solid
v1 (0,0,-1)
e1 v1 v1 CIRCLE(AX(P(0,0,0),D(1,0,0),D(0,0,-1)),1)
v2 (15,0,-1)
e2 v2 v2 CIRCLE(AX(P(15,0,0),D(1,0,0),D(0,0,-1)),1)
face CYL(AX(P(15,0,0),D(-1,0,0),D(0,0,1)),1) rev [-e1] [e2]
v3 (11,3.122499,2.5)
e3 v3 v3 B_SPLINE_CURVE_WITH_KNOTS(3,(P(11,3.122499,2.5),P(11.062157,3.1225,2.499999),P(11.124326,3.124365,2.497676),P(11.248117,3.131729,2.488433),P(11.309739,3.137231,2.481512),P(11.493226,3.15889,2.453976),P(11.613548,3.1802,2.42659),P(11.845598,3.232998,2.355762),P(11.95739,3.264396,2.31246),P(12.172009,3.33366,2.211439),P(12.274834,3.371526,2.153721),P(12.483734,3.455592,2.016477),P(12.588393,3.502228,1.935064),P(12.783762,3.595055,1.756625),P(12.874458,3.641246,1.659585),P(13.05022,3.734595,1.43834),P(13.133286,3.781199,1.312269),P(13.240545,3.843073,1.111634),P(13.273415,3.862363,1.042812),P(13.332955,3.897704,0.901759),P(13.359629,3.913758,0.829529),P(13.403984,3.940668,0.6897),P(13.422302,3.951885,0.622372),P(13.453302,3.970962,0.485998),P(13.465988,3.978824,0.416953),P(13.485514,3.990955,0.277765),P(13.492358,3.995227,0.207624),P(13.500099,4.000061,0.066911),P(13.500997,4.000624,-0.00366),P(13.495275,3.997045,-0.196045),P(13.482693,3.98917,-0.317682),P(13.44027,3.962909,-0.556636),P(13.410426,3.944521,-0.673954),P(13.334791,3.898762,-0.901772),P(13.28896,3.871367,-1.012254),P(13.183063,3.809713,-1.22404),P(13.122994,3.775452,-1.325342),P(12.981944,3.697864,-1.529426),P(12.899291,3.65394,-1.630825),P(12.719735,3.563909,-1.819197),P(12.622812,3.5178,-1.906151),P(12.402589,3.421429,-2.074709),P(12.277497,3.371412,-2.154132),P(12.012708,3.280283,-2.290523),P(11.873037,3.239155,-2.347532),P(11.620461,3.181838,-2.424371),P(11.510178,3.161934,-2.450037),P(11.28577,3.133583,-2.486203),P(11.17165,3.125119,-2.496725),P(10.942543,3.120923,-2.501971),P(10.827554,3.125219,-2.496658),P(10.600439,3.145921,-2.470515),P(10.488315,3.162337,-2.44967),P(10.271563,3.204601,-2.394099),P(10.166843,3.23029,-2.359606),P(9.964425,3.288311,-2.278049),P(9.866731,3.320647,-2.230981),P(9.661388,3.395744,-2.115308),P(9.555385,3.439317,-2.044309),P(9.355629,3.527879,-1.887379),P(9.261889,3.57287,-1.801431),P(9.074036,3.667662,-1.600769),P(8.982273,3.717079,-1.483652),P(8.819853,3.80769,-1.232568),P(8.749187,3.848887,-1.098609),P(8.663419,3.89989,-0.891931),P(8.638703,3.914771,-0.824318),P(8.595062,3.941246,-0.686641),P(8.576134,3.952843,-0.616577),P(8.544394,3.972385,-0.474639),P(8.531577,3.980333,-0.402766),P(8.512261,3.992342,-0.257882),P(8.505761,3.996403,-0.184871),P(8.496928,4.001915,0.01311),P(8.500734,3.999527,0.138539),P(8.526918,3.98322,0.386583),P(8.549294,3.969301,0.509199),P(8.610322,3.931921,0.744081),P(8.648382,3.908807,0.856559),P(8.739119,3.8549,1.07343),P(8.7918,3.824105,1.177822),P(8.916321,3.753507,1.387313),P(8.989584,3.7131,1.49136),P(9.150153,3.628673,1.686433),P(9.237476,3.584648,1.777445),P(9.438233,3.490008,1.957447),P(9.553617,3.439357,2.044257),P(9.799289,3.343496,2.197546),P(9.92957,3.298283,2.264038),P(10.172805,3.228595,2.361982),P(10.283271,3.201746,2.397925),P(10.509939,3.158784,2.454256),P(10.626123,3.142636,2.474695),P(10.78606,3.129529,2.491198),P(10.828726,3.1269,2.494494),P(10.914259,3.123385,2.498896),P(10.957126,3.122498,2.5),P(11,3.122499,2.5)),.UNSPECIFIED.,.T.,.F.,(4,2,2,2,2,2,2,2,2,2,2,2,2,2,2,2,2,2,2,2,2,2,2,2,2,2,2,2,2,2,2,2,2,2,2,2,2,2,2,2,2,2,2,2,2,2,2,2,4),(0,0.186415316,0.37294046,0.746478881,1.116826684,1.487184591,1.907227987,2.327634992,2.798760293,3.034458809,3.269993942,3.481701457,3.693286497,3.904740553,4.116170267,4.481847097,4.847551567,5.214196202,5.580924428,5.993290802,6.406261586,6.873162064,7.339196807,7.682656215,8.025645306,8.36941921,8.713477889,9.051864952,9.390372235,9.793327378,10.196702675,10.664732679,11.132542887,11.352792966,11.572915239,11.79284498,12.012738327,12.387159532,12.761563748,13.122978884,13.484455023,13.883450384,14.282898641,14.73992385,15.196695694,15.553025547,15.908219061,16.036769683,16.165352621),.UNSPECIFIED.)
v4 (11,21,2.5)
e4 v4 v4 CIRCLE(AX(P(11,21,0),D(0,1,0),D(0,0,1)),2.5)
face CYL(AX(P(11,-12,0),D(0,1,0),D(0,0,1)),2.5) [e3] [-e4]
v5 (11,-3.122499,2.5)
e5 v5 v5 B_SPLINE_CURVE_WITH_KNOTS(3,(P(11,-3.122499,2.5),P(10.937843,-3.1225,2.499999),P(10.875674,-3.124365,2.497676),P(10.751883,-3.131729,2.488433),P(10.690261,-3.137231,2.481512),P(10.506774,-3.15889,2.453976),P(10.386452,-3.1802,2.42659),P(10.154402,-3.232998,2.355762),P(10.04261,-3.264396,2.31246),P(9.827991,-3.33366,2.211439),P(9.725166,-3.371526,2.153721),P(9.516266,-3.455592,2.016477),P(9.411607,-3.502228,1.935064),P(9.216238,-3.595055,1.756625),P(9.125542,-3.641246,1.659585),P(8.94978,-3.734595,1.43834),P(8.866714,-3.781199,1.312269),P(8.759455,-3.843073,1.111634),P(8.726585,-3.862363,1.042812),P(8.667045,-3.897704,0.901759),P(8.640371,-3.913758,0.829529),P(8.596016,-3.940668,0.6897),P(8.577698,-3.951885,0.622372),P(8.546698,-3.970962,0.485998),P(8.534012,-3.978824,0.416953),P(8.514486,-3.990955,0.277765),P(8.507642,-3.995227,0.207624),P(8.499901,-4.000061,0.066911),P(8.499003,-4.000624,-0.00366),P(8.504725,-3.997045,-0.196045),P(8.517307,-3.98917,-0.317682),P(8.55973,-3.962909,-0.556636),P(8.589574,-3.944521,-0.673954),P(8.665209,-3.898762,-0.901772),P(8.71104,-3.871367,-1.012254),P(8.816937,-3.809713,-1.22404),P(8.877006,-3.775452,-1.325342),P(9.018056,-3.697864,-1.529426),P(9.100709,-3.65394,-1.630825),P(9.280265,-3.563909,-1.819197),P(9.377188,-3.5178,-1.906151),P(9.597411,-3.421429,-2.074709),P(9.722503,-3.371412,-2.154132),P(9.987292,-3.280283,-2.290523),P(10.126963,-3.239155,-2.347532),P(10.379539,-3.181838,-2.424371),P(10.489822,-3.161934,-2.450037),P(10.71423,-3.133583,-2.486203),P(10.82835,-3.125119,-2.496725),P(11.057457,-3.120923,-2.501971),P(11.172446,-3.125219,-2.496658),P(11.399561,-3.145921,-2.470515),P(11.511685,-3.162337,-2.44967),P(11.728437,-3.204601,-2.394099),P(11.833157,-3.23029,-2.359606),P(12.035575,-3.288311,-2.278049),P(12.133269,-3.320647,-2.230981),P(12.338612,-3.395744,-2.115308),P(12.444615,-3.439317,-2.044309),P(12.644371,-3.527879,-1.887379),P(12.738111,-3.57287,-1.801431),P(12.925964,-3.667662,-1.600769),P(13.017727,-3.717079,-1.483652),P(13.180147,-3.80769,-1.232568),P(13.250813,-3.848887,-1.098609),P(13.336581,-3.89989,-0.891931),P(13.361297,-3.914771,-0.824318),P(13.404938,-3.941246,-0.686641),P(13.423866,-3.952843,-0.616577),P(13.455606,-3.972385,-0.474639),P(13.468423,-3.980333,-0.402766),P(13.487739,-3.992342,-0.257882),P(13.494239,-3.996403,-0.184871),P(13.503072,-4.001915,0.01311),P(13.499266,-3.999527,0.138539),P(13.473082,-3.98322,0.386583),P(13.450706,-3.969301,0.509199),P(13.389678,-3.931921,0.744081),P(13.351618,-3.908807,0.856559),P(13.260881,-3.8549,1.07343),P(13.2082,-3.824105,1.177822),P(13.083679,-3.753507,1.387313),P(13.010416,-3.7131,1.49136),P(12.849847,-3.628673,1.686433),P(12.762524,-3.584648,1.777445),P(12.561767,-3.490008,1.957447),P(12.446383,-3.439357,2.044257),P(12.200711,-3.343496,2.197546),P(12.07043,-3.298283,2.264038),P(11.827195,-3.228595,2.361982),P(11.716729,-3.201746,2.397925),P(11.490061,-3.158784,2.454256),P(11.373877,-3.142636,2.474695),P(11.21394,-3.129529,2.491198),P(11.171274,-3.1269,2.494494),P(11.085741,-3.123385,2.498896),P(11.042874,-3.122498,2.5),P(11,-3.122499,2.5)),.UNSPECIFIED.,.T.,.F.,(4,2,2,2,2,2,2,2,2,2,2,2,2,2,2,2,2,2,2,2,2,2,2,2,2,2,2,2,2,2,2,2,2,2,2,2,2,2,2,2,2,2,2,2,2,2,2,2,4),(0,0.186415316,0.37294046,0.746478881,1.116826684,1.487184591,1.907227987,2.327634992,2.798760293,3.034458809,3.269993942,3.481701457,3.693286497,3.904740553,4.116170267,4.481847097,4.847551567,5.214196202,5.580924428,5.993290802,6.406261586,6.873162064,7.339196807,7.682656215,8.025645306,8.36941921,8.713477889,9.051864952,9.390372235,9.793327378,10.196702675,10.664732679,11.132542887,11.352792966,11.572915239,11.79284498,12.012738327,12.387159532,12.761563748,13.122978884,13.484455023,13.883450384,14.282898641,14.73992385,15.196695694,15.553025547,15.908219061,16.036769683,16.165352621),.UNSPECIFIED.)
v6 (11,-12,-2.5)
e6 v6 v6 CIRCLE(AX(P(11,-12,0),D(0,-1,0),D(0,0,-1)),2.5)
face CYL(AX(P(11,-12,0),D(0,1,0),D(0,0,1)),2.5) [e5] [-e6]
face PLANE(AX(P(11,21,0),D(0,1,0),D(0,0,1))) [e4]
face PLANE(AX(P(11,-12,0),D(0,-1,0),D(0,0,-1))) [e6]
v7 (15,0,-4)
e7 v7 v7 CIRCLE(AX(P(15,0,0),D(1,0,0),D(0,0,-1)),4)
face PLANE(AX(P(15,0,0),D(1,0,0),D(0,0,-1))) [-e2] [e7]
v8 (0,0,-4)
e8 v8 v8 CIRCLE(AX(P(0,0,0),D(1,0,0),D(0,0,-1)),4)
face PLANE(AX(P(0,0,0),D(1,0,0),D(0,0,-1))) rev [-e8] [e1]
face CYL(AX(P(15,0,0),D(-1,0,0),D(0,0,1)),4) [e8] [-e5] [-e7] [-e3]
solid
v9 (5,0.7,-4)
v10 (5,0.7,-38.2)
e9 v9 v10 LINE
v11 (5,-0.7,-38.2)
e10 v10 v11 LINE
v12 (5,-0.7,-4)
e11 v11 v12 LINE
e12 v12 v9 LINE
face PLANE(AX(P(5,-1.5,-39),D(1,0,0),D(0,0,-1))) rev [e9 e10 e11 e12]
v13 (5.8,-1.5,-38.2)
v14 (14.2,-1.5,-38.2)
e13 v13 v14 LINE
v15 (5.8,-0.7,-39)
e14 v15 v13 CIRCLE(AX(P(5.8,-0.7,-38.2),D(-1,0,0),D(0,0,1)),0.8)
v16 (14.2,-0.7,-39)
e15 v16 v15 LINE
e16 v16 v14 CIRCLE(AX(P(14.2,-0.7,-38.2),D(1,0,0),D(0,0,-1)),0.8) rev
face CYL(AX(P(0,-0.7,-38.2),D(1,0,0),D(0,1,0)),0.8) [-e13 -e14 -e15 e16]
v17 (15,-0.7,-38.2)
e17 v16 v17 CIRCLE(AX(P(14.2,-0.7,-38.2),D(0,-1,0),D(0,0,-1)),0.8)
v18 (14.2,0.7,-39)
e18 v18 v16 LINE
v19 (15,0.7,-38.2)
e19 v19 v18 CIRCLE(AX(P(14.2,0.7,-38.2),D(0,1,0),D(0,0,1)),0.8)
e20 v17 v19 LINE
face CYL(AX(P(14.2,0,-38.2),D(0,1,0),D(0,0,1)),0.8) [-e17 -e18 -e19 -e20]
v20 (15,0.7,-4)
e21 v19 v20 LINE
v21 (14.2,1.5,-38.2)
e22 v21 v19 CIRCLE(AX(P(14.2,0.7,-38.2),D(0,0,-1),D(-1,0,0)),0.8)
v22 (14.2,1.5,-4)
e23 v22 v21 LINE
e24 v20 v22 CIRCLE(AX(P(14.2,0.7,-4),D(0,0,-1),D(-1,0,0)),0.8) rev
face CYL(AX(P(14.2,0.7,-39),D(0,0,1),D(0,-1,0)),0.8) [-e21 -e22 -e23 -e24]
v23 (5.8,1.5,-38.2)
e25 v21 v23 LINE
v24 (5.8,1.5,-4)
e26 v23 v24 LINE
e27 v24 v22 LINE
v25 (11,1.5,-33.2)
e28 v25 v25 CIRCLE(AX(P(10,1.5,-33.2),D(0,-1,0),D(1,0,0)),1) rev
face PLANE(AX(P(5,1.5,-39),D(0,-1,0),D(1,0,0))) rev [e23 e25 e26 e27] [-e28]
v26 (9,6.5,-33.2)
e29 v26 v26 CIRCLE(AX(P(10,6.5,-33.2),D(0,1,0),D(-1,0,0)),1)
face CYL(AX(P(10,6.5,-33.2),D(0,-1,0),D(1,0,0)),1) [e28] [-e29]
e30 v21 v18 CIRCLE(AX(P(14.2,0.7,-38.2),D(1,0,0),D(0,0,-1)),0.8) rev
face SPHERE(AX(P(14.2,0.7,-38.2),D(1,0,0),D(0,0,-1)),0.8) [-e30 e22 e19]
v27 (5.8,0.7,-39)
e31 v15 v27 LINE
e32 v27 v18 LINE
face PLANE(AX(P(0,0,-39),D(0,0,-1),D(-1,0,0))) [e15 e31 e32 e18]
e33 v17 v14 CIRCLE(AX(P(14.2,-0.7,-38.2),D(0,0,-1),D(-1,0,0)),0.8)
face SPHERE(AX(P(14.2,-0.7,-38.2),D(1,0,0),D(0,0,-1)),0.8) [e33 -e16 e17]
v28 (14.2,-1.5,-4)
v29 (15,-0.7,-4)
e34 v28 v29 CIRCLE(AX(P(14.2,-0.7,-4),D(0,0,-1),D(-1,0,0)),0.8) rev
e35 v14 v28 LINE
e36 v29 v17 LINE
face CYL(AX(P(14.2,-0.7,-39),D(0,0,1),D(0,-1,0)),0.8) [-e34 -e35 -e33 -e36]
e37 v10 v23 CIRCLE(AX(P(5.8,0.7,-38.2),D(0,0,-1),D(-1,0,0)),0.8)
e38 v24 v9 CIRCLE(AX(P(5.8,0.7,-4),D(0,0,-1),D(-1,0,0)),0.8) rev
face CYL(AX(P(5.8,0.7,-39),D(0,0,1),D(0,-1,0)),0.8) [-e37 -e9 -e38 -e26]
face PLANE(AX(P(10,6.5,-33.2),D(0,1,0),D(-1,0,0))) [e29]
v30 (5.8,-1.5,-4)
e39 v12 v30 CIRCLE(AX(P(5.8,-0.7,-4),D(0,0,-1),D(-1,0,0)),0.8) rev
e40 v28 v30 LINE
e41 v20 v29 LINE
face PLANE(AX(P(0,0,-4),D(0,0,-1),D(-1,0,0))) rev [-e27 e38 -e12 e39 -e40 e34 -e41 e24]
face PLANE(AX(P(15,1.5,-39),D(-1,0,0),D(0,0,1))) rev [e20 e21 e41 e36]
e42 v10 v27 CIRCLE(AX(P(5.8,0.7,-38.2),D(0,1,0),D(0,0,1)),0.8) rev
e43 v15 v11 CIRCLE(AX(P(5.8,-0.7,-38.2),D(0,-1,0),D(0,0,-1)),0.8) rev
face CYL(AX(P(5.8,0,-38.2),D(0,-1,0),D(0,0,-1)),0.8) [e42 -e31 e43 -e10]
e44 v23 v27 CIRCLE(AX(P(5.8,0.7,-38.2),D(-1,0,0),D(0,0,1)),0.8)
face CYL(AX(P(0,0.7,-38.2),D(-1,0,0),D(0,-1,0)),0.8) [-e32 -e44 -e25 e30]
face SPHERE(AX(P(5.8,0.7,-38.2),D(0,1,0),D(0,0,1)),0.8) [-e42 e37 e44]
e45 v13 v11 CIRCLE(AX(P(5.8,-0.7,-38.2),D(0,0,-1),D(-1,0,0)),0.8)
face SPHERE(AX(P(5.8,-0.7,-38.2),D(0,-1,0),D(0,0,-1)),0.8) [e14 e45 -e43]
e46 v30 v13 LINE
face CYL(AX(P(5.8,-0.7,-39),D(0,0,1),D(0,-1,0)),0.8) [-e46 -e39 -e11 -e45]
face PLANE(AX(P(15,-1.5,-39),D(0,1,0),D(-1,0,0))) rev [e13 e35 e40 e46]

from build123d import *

# Parameters (mm, degrees)
SKETCH2_R           = 4
SKETCH2_R_2         = 1
BOSS_EXTRUDE1_DEPTH = 15
SKETCH4_R           = 2.5
BOSS_EXTRUDE2_DEPTH = 17
SKETCH6_R           = 2.5
BOSS_EXTRUDE3_DEPTH = 16
SKETCH8_R           = 1
CUT_EXTRUDE1_DEPTH  = 27.115129868
SKETCH12_W          = 10
SKETCH12_H          = 3
BOSS_EXTRUDE6_DEPTH = 35
FILLET2_R           = 0.8
SKETCH13_R          = 1
BOSS_EXTRUDE7_DEPTH = 5


with BuildPart() as part:
    # Sketch2 → Boss-Extrude1 (new body)
    with BuildSketch(Plane(origin=(0, 0, 0), x_dir=(0, 0, -1), z_dir=(1, 0, 0))):
        Circle(SKETCH2_R)
        Circle(SKETCH2_R_2, mode=Mode.SUBTRACT)
    extrude(amount=BOSS_EXTRUDE1_DEPTH)



with BuildPart() as body_2:
    # Sketch4 → Boss-Extrude2 (new body)
    with BuildSketch(Plane(origin=(15, 4, 0), x_dir=(1, 0, 0), z_dir=(0, 1, 0))):
        with Locations(Location((-4, 0, 0), (0, 0, 270))):
            Circle(SKETCH4_R)
    extrude(amount=BOSS_EXTRUDE2_DEPTH)


with BuildPart() as part_1:
    add(part.part)

    add(body_2.part)  # Boss-Extrude3 merges body 2
    # Sketch6 → Boss-Extrude3 (add)
    with BuildSketch(Plane.XZ.offset(-4)):
        with Locations(Location((11, 0, 0), (0, 0, 90))):
            Circle(SKETCH6_R)
    extrude(amount=BOSS_EXTRUDE3_DEPTH)

    # Sketch8 → Cut-Extrude1 (cut, through all)
    with BuildSketch(Plane(origin=(15, 0, 0), x_dir=(0, 0, -1), z_dir=(1, 0, 0))):
        Circle(SKETCH8_R)
    extrude(amount=-CUT_EXTRUDE1_DEPTH, mode=Mode.SUBTRACT)


with BuildPart() as body_2_2:
    # Sketch12 → Boss-Extrude6 (new body)
    with BuildSketch(Plane(origin=(15, 0, -4), x_dir=(-1, 0, 0), z_dir=(0, 0, -1))):
        with Locations((5, 0)):
            Rectangle(SKETCH12_W, SKETCH12_H)
    extrude(amount=BOSS_EXTRUDE6_DEPTH)

    # Fillet2
    fillet2_edges = [body_2_2.edges().sort_by_distance(p)[0] for p in [
        (10, -1.5, -39),
        (5, 0, -39),
        (10, 1.5, -39),
        (5, 1.5, -21.5),
        (5, -1.5, -21.5),
        (15, -1.5, -21.5),
        (15, 1.5, -21.5),
        (15, 0, -39),
    ]]
    fillet(fillet2_edges, radius=FILLET2_R)

    # Sketch13 → Boss-Extrude7 (add)
    with BuildSketch(Plane(origin=(0, 1.5, 0), x_dir=(1, 0, 0), z_dir=(0, 1, 0))):
        with Locations((10, 33.2)):
            Circle(SKETCH13_R)
    extrude(amount=BOSS_EXTRUDE7_DEPTH)


solid = Compound([part_1.part, body_2_2.part])
